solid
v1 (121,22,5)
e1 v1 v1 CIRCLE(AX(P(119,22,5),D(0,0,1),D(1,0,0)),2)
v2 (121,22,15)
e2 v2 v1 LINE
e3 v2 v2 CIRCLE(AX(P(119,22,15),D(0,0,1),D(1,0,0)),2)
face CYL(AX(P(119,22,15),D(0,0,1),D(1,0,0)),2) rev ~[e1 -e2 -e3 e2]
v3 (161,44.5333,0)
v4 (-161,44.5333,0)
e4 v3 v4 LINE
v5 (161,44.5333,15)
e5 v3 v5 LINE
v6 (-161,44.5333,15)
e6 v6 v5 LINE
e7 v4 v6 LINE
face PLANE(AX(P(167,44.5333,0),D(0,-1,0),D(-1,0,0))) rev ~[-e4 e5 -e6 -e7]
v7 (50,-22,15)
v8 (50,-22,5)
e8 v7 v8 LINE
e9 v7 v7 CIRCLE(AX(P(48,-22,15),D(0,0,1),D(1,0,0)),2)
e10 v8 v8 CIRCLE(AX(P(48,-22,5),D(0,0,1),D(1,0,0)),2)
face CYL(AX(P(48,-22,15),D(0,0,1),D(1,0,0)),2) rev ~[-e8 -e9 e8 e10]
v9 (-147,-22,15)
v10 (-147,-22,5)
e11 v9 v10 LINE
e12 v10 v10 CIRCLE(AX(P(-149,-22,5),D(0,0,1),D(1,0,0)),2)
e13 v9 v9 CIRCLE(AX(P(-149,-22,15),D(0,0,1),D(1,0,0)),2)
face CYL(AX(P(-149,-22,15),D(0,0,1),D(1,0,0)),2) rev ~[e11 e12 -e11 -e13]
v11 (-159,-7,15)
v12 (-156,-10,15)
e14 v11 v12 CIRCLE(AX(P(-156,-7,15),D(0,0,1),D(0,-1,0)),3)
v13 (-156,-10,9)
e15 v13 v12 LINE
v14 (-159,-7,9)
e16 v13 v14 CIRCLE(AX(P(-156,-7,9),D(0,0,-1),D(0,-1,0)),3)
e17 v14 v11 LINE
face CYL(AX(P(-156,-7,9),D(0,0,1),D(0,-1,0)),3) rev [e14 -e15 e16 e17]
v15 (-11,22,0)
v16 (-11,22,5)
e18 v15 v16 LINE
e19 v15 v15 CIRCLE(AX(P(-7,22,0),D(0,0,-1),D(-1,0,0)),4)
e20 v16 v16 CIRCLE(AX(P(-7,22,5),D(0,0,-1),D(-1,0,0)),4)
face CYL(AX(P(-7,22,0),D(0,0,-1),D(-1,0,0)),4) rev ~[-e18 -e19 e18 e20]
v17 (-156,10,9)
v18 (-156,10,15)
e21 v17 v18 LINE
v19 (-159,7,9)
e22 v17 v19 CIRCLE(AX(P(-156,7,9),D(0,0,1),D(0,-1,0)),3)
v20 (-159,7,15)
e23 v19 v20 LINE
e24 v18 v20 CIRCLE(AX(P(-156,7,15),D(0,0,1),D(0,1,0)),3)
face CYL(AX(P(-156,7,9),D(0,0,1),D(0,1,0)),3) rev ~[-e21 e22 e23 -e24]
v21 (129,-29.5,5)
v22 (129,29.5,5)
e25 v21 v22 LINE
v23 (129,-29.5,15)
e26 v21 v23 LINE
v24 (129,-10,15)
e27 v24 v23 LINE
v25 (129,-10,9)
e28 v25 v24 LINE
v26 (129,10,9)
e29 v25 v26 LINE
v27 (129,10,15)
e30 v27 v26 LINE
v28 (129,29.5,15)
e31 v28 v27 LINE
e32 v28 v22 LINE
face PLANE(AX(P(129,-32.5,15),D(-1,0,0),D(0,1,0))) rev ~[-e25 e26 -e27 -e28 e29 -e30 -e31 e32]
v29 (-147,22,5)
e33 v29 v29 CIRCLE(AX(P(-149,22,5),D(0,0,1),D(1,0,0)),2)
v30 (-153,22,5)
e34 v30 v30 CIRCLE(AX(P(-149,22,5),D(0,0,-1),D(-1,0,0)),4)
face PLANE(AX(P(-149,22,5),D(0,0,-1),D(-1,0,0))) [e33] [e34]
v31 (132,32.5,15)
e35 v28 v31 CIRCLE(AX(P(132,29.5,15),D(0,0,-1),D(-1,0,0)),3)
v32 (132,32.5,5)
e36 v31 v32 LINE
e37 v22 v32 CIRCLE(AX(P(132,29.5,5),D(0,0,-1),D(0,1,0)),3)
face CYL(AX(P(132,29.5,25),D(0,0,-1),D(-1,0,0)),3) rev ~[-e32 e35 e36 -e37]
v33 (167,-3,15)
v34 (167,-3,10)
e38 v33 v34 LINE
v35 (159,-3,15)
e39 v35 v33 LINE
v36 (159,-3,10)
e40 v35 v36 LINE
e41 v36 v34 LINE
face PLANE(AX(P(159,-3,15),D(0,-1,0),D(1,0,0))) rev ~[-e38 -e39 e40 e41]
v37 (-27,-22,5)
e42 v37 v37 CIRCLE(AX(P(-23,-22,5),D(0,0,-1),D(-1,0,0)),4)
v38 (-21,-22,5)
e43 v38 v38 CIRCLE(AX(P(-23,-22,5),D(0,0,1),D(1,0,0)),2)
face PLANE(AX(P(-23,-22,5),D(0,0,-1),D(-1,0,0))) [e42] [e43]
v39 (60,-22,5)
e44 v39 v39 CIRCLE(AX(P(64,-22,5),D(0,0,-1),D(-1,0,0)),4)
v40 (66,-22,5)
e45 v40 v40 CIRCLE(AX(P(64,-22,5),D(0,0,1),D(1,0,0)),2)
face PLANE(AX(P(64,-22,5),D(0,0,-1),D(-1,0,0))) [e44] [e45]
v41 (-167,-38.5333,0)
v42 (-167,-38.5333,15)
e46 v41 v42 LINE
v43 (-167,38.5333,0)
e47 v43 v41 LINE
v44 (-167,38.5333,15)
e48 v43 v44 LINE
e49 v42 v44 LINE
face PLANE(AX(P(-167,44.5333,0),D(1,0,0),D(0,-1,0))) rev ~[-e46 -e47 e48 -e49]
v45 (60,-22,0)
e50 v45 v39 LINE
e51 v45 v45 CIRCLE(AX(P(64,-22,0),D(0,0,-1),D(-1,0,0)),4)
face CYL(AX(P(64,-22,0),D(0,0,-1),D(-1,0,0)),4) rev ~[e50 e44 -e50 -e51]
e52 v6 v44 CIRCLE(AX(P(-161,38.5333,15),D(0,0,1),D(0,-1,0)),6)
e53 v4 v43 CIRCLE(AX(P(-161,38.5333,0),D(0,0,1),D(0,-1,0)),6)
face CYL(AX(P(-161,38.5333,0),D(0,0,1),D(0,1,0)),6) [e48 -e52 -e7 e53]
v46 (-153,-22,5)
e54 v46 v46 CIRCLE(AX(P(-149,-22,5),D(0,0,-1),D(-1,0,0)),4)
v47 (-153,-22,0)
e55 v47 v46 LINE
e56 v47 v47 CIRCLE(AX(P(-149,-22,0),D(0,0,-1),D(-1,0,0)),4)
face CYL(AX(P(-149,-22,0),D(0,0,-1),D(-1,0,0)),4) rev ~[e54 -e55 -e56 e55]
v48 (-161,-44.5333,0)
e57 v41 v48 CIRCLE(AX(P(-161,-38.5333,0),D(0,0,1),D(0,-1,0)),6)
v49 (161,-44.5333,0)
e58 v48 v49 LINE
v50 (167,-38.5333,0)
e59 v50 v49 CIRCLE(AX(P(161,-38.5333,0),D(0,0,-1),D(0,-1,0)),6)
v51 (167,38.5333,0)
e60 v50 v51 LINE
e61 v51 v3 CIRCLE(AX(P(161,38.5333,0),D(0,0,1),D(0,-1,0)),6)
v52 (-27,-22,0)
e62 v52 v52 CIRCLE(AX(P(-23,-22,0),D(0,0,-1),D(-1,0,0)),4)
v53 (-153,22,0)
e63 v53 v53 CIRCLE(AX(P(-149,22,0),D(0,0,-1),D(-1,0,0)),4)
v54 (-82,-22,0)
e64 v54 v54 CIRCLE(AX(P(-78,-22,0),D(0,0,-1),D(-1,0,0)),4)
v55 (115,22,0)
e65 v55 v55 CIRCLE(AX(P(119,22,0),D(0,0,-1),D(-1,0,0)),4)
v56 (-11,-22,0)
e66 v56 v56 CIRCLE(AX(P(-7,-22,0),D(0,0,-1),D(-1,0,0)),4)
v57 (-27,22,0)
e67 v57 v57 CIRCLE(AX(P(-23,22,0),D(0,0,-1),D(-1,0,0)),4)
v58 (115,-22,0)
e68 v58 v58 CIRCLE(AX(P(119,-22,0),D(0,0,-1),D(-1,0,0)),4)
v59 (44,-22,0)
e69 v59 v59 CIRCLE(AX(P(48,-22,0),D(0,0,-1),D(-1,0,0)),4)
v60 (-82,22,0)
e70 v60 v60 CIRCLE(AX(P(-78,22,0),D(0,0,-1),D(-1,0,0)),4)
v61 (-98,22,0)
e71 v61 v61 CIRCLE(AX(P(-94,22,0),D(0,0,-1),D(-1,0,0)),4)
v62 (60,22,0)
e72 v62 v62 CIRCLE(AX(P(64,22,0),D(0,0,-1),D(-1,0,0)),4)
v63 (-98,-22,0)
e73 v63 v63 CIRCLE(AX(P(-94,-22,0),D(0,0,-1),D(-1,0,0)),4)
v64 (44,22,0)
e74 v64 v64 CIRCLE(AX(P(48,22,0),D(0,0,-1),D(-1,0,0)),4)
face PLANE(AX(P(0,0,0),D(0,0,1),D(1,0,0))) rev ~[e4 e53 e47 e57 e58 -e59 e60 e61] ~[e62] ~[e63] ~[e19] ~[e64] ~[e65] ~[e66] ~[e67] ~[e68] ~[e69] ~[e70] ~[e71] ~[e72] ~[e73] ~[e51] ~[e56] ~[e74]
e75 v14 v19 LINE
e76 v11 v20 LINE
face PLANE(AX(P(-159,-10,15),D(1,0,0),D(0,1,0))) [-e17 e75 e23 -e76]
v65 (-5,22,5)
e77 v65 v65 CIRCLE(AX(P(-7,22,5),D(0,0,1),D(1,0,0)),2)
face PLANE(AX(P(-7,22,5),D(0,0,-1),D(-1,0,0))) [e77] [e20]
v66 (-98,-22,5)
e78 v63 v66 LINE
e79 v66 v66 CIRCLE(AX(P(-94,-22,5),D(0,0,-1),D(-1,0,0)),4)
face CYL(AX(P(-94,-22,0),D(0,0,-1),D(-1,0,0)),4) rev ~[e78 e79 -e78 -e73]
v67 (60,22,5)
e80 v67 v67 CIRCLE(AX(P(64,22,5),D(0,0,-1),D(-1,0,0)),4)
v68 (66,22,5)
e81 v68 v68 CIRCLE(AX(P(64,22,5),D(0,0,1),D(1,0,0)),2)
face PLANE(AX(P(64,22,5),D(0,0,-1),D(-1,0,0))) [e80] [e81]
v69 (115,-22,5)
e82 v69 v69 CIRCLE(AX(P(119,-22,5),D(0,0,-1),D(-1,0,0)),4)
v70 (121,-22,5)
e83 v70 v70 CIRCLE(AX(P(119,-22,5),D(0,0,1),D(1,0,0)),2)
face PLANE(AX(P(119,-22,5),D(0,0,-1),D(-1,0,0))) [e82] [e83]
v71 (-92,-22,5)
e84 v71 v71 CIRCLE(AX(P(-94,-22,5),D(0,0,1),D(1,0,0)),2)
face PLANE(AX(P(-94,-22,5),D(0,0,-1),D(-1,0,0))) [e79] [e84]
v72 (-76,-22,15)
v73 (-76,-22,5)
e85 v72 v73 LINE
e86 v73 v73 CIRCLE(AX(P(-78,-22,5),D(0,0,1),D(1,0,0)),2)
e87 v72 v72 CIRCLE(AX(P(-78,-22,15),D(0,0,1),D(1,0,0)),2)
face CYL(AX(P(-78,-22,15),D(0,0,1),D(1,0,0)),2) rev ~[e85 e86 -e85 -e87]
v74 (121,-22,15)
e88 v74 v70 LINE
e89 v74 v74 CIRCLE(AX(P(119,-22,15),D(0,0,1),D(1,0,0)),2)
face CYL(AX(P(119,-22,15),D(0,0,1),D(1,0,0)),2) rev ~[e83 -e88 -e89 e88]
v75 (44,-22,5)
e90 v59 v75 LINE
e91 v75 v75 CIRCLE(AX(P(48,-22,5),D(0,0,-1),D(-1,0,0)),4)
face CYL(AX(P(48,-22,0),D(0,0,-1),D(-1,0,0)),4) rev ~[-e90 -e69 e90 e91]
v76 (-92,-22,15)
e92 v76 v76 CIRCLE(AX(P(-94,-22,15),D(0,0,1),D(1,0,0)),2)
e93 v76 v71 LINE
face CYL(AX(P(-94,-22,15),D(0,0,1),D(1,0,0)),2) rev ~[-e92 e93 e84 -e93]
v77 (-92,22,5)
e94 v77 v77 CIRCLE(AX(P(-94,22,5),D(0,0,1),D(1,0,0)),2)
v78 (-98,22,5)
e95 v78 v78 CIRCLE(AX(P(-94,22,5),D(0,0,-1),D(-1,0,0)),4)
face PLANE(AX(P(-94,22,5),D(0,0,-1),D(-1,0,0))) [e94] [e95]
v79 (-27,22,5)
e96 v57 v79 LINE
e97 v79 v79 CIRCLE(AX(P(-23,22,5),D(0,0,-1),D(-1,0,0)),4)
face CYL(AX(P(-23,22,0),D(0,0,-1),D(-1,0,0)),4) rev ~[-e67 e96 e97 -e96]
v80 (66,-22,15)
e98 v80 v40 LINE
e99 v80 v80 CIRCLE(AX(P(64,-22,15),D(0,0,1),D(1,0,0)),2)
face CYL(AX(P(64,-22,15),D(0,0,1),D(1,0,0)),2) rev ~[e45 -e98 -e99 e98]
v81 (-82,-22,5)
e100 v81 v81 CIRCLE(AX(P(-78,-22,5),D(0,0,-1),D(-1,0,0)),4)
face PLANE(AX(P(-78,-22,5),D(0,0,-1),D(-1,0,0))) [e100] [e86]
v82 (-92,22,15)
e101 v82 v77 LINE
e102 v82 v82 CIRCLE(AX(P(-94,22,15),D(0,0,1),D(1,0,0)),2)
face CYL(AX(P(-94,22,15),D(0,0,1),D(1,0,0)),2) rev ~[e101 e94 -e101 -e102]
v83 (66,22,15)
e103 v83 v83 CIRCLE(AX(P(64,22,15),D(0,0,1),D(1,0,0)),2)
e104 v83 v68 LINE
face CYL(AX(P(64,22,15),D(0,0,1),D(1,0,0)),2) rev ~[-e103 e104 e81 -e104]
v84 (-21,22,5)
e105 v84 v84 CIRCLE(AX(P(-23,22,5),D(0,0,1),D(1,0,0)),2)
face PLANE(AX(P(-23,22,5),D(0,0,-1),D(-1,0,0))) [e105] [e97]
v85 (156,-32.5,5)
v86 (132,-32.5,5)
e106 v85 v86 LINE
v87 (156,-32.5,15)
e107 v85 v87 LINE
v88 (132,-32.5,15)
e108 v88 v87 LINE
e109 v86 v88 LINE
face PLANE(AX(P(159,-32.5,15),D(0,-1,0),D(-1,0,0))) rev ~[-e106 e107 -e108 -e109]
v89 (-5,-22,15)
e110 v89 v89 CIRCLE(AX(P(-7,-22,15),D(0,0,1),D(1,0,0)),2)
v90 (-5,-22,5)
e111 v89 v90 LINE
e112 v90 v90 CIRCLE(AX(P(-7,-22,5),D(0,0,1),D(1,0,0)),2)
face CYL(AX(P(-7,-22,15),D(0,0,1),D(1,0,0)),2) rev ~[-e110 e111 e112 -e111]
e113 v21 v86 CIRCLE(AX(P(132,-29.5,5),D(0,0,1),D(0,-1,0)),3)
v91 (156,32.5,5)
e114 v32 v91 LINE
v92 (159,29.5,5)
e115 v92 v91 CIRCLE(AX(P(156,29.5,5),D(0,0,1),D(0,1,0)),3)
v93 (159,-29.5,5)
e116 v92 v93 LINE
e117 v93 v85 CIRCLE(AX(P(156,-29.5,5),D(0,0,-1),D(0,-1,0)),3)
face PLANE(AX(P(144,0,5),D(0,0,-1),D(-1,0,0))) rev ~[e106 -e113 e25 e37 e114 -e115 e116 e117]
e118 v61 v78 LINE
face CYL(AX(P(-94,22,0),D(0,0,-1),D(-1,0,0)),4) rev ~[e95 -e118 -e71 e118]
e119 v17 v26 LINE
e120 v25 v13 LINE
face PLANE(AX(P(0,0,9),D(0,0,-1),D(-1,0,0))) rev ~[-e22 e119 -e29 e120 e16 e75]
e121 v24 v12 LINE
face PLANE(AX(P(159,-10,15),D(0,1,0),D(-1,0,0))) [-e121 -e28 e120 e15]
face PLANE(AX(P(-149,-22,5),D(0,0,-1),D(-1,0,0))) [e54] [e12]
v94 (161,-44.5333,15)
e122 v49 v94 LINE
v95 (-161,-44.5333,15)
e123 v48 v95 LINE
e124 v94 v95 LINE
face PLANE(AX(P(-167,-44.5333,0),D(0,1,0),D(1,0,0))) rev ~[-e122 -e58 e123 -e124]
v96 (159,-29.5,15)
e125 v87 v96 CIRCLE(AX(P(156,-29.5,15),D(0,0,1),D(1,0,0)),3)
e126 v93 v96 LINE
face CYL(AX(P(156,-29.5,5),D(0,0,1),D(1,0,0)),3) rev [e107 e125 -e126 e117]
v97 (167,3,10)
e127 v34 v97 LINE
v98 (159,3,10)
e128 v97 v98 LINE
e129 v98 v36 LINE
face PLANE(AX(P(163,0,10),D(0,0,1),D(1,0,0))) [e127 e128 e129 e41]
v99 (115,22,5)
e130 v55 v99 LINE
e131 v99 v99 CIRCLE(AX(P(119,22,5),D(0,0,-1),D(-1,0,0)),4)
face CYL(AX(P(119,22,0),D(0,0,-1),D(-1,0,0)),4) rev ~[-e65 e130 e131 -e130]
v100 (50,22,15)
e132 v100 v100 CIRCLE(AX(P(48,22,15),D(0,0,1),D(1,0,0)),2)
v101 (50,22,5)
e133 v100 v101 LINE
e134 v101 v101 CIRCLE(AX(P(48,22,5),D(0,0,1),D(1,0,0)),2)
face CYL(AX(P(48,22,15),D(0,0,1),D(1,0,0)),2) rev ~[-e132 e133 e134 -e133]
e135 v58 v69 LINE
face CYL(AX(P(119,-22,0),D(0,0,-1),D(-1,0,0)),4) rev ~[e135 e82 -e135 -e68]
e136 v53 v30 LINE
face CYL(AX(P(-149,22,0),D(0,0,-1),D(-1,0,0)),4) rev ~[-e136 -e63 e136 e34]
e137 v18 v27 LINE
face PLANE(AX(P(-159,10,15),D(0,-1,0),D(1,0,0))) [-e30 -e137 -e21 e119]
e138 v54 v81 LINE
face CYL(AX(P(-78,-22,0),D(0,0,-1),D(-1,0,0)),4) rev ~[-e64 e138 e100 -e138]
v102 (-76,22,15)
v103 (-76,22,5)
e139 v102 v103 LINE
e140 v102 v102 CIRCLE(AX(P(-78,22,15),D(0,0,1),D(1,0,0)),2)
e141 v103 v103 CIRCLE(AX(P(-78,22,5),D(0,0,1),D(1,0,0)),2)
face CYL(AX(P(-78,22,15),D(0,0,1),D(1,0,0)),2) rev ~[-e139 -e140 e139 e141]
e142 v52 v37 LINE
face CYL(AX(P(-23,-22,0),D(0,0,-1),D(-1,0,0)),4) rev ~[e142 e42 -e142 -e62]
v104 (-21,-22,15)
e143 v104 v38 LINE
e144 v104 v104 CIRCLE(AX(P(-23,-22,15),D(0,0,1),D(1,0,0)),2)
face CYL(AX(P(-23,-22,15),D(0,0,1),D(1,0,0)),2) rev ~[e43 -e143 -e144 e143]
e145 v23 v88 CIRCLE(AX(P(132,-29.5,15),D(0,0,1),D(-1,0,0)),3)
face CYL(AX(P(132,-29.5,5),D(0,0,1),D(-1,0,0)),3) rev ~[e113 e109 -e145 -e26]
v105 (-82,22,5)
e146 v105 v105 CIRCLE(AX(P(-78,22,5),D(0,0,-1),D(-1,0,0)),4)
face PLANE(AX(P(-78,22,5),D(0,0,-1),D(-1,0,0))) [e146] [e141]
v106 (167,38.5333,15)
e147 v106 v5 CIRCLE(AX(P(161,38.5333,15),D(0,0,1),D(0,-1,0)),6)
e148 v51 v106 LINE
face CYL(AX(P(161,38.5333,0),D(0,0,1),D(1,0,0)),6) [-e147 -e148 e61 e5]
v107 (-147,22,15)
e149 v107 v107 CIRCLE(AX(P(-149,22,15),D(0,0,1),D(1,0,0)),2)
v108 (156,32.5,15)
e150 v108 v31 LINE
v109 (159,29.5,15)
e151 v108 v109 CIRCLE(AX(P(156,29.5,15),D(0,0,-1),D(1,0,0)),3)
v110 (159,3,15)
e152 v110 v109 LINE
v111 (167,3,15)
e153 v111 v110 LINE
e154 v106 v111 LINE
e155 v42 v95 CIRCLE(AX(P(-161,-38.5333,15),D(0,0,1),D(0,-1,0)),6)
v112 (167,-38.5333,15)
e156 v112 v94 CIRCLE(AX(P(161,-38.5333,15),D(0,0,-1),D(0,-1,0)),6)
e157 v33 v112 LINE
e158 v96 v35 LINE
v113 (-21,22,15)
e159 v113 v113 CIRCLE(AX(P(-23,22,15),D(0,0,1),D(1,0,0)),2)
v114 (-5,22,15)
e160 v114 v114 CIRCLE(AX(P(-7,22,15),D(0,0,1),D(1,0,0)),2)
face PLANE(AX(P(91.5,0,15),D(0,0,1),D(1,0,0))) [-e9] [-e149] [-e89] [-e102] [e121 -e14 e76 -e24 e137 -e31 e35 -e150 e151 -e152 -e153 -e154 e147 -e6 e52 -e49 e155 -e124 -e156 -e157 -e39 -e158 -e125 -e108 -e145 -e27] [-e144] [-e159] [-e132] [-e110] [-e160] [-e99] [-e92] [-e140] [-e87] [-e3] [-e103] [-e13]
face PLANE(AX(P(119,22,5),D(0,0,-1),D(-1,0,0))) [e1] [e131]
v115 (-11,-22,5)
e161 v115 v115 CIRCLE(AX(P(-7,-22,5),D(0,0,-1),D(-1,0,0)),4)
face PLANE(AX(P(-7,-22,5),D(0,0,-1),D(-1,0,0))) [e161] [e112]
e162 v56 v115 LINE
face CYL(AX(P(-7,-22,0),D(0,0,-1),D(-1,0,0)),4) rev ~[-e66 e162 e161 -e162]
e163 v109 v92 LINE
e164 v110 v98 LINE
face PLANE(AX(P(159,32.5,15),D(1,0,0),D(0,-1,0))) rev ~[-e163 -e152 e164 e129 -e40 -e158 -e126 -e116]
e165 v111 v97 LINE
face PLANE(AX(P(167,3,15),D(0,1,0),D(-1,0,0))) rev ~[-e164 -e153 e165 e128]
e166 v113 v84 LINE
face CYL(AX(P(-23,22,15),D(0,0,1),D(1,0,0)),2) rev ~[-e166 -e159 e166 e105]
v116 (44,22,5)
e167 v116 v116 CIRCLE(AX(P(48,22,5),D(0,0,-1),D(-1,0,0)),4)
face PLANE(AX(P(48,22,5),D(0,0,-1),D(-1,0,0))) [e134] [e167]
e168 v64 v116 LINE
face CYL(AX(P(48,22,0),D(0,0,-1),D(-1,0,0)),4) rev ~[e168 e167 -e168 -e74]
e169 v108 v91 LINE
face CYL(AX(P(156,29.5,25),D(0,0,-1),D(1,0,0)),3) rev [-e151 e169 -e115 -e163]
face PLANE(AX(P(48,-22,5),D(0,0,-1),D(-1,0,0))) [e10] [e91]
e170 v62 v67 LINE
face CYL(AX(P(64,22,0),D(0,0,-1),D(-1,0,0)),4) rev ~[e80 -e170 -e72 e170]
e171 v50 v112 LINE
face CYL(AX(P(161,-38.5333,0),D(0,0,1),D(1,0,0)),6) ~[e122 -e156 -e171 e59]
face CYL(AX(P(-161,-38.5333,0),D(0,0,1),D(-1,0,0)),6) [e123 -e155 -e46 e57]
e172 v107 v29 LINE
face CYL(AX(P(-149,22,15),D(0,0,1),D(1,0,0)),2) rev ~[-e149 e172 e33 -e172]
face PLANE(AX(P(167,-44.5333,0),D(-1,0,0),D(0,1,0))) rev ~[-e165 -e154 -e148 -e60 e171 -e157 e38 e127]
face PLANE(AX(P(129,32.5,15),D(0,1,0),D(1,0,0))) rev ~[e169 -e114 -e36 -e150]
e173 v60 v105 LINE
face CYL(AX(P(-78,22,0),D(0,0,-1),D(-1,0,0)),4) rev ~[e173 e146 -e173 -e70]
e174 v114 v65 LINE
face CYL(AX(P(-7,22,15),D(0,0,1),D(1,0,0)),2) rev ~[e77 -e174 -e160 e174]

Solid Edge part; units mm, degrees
sketch "Sketch1" plane through (0, 0, 0) normal (0, 0, 1) x (1, 0, 0)
  line L0 (-167, -44.5333) -> (167, -44.5333)
  line L1 (167, -44.5333) -> (167, 44.5333)
  line L2 (167, 44.5333) -> (-167, 44.5333)
  line L3 (-167, 44.5333) -> (-167, -44.5333)
extrude "Protrusion1" add sketch "Sketch1" along normal blind 30
sketch "Sketch2" plane through (0, 0, 30) normal (0, 0, 1) x (1, 0, 0)
  line L0 (-152, -25) -> (-91, -25)
  line L1 (-91, -25) -> (-91, 25)
  line L2 (-91, 25) -> (-152, 25)
  line L3 (-152, 25) -> (-152, -25)
extrude "ExtrudedCutout_1" cut sketch "Sketch2" against normal blind 15
fillet "Round_1" radius 3 4 edges at (-152, 25, 22.5) (-91, 25, 22.5) (-152, -25, 22.5) (-91, -25, 22.5)
sketch "Sketch3" plane through (-121.5, 0, 15) normal (0, 0, 1) x (1, 0, 0)
  circle A0 centre (-27.5, 22) radius 2
  circle A1 centre (27.5, 22) radius 2
  circle A2 centre (27.5, -22) radius 2
  circle A3 centre (-27.5, -22) radius 2
  dimension "D1" = 4
  dimension "D2" = 3
  dimension "D3" = 3
extrude "Cutout1" cut sketch "Sketch3" against normal through all
sketch "Sketch4" plane through (0, 0, 0) normal (0, 0, -1) x (-1, 0, 0)
  circle A0 centre (149, 22) radius 4
  circle A1 centre (149, -22) radius 4
  circle A2 centre (94, -22) radius 4
  circle A3 centre (94, 22) radius 4
  dimension "D1" = 8
extrude "ExtrudedCutout_14" cut sketch "Sketch4" against normal blind 5
sketch "Sketch5" plane through (-104.5, 0, 15) normal (0, 0, 1) x (1, 0, 0)
  line L0 (-54.5, 10) -> (263.5, 10)
  line L1 (263.5, 10) -> (263.5, -10)
  line L2 (263.5, -10) -> (-54.5, -10)
  line L3 (-54.5, -10) -> (-54.5, 10)
extrude "ExtrudedCutout_2" cut sketch "Sketch5" against normal blind 6 and the other way blind 6
sketch "Sketch6" plane through (-121.5, -17.5, 15) normal (0, 0, 1) x (-1, 0, 0)
  line L0 (-250.5, 15) -> (-250.5, -50)
  line L1 (-250.5, -50) -> (-280.5, -50)
  line L2 (-280.5, -50) -> (-280.5, 15)
  line L3 (-280.5, 15) -> (-250.5, 15)
extrude "ExtrudedCutout_18" cut sketch "Sketch6" along normal mid plane 20
sketch "Sketch7" plane through (-121.5, -17.5, 15) normal (0, 0, 1) x (-1, 0, 0)
  line L0 (-288.5, -20.5) -> (-280.5, -20.5)
  line L1 (-280.5, -20.5) -> (-280.5, -14.5)
  line L2 (-280.5, -14.5) -> (-288.5, -14.5)
  line L3 (-288.5, -14.5) -> (-288.5, -20.5)
extrude "ExtrudedCutout_19" cut sketch "Sketch7" against normal blind 5
fillet "Round_2" radius 3 6 edges at (-159, 10, 15) (-159, -10, 15) (129, -32.5, 15) (159, -32.5, 15) (159, 32.5, 15) (129, 32.5, 15)
pattern_linear "Pattern1" count 4 spacing 71 along (1, 0, 0) of "ExtrudedCutout_1", "Cutout1", "ExtrudedCutout_14"
fillet "Round1" radius 3 4 edges at (-81, 25, 22.5) (-20, 25, 22.5) (-81, -25, 22.5) (-20, -25, 22.5)
fillet "Round2" radius 3 4 edges at (-10, 25, 22.5) (51, 25, 22.5) (-10, -25, 22.5) (51, -25, 22.5)
fillet "Round3" radius 3 4 edges at (61, 25, 22.5) (122, 25, 22.5) (61, -25, 22.5) (122, -25, 22.5)
sketch "Sketch8" plane through (0, 0, 30) normal (0, 0, 1) x (-1, 0, 0)
  line L0 (-167, 44.5333) -> (167, 44.5333)
  line L1 (167, 44.5333) -> (167, -44.5333)
  line L2 (167, -44.5333) -> (-167, -44.5333)
  line L3 (-167, -44.5333) -> (-167, 44.5333)
extrude "ExtrudedCutout_20" cut sketch "Sketch8" against normal blind 15
fillet "Round_6" radius 6 4 edges at (167, 44.5333, 7.5) (167, -44.5333, 7.5) (-167, 44.5333, 7.5) (-167, -44.5333, 7.5)
